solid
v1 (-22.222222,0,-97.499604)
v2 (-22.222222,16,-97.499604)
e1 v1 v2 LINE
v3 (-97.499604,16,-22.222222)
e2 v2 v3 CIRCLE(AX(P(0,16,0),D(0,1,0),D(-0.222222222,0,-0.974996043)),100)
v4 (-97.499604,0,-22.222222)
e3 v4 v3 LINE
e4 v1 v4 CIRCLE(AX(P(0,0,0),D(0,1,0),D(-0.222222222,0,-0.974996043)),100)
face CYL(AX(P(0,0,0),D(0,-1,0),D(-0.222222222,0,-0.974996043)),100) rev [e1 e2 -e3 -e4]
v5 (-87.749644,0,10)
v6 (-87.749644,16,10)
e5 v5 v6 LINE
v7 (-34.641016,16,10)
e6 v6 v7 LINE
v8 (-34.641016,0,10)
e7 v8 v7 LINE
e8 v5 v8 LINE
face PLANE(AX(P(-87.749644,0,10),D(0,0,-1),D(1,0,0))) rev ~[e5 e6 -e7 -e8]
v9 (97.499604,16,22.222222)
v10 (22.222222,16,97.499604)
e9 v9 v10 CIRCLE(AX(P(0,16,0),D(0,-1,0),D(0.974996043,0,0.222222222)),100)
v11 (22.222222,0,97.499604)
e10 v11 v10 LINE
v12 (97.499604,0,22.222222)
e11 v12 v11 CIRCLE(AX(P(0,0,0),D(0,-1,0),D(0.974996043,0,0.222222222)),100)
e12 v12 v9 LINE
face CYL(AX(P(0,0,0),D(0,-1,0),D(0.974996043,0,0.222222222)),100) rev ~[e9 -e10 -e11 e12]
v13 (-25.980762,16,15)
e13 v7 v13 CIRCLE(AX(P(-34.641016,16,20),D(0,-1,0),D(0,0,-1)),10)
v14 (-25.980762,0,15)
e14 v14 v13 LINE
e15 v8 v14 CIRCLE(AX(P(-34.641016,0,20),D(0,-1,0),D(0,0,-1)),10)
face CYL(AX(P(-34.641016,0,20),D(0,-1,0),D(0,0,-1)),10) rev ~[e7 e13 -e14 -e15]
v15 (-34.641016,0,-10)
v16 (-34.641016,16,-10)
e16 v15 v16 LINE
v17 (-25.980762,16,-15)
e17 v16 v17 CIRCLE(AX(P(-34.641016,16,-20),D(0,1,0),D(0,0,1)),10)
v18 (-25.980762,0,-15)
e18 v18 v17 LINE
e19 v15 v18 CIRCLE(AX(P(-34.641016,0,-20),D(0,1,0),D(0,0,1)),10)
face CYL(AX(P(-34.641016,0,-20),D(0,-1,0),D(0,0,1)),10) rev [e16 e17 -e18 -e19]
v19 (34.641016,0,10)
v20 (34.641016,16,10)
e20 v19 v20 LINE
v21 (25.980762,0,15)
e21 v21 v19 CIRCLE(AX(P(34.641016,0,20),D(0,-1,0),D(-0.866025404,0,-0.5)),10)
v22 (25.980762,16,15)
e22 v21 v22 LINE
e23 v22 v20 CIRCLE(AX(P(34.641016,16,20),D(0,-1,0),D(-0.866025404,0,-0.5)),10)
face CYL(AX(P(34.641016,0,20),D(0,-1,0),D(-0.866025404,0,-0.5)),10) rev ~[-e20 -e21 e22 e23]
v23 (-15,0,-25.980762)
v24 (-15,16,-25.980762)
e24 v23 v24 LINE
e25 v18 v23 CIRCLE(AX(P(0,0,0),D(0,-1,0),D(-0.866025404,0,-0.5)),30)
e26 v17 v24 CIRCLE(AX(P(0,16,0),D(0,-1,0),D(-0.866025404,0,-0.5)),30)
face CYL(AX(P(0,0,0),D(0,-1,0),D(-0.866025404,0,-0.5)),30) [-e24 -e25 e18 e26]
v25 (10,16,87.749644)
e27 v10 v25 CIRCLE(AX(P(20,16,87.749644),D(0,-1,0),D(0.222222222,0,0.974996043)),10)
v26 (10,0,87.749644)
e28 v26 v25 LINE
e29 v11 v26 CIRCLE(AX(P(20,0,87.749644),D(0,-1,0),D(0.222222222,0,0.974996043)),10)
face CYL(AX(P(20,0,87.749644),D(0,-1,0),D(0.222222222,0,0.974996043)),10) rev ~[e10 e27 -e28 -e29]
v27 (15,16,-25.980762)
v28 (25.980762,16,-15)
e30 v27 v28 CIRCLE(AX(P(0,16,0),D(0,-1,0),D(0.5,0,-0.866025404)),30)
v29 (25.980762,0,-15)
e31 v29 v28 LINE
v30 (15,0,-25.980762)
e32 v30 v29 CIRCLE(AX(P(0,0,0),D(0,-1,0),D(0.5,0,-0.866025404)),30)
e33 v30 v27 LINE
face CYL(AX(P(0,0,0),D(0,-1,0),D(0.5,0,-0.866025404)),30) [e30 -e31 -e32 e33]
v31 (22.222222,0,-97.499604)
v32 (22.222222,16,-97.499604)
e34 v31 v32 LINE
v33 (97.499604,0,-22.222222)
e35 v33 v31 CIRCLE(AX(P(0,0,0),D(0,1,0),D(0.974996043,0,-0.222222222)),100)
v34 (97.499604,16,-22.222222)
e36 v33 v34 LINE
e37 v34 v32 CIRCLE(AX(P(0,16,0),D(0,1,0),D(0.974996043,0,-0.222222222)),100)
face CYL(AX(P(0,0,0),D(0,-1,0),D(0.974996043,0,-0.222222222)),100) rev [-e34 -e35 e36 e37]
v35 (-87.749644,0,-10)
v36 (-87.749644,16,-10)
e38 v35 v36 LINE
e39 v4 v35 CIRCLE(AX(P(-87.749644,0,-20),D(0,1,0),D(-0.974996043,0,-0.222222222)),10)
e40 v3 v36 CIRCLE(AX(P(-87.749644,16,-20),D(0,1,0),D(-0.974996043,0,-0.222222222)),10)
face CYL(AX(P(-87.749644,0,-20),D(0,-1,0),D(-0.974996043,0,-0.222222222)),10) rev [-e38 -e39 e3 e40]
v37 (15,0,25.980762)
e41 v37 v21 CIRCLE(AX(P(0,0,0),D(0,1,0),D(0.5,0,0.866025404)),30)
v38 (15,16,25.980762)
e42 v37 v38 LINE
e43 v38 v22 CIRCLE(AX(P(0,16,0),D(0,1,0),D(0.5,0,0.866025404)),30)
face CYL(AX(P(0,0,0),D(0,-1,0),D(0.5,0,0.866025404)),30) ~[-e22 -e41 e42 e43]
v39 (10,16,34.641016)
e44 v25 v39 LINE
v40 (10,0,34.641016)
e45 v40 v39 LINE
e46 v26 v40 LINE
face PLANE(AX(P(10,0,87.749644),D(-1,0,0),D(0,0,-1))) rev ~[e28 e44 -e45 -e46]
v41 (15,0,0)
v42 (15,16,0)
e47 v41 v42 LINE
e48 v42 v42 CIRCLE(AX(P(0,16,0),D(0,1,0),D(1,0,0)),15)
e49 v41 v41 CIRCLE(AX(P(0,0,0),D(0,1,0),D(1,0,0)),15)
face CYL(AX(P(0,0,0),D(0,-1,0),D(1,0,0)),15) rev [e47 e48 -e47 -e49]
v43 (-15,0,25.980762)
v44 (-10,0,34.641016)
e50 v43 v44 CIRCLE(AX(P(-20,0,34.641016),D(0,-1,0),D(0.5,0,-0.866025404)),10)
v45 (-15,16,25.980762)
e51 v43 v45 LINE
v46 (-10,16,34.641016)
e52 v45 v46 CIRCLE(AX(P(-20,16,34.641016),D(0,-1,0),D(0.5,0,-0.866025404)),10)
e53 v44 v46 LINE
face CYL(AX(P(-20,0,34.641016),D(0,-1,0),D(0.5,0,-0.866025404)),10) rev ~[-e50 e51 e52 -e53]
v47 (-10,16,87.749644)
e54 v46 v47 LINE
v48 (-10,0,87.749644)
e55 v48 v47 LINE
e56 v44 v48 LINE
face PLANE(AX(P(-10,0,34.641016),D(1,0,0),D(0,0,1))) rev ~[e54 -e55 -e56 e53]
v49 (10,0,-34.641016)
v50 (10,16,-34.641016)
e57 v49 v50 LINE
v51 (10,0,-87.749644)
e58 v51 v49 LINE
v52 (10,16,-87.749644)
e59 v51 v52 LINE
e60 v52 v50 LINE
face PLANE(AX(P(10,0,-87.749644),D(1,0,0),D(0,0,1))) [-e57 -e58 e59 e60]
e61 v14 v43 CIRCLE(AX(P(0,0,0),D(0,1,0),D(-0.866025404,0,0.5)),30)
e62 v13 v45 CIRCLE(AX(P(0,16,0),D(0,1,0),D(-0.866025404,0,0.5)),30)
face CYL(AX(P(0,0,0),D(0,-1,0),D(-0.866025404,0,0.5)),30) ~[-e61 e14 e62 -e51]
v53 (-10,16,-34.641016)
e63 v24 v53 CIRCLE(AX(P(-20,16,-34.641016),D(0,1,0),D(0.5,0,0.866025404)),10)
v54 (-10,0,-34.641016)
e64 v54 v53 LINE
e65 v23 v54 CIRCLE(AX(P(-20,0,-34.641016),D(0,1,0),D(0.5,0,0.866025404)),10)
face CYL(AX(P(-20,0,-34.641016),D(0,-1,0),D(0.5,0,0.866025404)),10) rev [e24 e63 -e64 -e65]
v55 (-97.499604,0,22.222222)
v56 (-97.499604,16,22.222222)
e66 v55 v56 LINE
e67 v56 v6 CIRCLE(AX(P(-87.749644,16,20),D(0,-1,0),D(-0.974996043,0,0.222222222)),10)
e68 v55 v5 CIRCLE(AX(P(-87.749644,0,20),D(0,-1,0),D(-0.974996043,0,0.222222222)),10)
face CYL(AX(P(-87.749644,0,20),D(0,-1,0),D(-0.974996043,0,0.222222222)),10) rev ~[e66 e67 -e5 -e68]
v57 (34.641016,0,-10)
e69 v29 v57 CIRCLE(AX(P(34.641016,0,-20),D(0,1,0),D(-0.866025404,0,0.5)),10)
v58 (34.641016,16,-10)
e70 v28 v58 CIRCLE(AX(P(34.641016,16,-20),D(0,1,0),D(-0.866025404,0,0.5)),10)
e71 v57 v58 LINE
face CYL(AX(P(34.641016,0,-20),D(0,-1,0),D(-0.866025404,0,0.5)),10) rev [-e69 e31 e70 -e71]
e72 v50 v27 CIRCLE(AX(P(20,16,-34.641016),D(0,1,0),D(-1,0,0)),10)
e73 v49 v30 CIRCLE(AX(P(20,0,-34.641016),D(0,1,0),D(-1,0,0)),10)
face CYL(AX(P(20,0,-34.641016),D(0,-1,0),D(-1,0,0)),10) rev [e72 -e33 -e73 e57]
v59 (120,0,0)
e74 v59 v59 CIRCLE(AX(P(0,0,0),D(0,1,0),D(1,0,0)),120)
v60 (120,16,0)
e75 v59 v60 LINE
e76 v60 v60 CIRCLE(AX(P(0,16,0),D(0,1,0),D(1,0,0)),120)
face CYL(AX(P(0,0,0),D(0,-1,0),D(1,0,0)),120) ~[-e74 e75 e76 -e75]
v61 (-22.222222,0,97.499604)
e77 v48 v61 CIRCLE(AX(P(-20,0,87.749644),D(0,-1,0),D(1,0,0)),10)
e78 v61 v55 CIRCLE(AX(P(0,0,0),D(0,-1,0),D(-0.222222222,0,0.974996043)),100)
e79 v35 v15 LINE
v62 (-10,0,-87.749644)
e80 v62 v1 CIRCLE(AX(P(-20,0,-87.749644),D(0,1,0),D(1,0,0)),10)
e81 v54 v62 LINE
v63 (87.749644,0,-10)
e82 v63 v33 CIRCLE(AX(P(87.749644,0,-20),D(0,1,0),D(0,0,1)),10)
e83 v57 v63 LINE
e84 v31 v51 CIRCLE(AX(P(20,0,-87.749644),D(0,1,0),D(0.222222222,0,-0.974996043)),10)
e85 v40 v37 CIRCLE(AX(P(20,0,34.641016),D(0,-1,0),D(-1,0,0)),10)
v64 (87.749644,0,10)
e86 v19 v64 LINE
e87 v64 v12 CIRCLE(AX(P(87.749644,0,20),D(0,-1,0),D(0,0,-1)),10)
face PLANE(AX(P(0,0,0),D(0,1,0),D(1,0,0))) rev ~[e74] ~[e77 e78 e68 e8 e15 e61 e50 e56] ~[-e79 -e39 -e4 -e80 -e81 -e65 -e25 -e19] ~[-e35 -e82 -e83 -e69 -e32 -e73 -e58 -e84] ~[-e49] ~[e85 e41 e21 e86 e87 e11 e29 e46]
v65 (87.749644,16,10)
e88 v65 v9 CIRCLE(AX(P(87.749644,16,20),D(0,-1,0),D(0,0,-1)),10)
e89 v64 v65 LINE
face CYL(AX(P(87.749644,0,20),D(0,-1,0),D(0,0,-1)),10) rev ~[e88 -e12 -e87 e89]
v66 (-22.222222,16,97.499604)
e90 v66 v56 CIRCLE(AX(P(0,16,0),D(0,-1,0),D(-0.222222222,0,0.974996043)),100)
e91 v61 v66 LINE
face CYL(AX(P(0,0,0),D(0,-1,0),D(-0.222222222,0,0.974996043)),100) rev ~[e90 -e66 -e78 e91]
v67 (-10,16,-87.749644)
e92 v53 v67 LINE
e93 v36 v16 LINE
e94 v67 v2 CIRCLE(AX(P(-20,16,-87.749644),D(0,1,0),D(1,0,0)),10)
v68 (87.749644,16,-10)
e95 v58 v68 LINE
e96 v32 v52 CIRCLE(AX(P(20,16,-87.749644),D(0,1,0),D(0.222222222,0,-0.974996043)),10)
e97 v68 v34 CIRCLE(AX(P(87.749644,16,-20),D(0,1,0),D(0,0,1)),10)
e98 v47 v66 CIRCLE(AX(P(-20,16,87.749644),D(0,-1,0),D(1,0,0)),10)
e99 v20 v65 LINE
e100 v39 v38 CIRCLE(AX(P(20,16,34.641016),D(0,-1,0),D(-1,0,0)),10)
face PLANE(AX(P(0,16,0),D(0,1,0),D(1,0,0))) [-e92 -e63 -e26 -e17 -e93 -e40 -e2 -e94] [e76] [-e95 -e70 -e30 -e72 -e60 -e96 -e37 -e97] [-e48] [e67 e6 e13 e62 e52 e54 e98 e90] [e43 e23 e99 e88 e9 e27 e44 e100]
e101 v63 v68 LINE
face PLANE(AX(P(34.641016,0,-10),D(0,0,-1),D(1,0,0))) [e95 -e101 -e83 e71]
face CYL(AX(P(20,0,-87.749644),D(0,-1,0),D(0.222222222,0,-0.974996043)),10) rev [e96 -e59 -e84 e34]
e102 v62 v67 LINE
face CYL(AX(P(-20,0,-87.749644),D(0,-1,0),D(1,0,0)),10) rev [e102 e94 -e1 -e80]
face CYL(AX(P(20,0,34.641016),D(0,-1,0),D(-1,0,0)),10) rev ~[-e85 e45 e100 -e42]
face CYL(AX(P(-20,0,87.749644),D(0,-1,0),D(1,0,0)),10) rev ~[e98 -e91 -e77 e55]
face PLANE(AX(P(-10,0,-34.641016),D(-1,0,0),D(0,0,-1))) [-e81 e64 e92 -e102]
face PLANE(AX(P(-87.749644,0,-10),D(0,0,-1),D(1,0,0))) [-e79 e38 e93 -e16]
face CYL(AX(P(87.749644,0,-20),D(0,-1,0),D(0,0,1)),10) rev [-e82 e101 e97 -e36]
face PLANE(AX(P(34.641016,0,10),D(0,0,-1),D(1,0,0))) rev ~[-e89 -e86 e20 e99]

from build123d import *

# Parameters (mm, degrees)
SKETCH1_R           = 120
SKETCH1_R_2         = 15
BOSS_EXTRUDE1_DEPTH = 16


with BuildPart() as part:
    # Sketch1 → Boss-Extrude1 (new body)
    with BuildSketch(Plane(origin=(0, 0, 0), x_dir=(1, 0, 0), z_dir=(0, 1, 0))):
        Circle(SKETCH1_R)
        Circle(SKETCH1_R_2, mode=Mode.SUBTRACT)
        with BuildLine():
            Line((34.641016151, 10), (87.749643874, 10))
            ThreePointArc((87.749643874, 10), (95.567003474, 13.763904355), (97.499604304, 22.222222222))
            ThreePointArc((97.499604304, 22.222222222), (70.710678119, 70.710678119), (22.222222222, 97.499604304))
            ThreePointArc((22.222222222, 97.499604304), (13.763904355, 95.567003474), (10, 87.749643874))
            Line((10, 87.749643874), (10, 34.641016151))
            ThreePointArc((10, 34.641016151), (11.339745962, 29.641016151), (15, 25.980762114))
            ThreePointArc((15, 25.980762114), (21.213203436, 21.213203436), (25.980762114, 15))
            ThreePointArc((25.980762114, 15), (29.641016151, 11.339745962), (34.641016151, 10))
        make_face(mode=Mode.SUBTRACT)
        with BuildLine():
            Line((-10, 34.641016151), (-10, 87.749643874))
            ThreePointArc((-10, 87.749643874), (-13.763904355, 95.567003474), (-22.222222222, 97.499604304))
            ThreePointArc((-22.222222222, 97.499604304), (-70.710678119, 70.710678119), (-97.499604304, 22.222222222))
            ThreePointArc((-97.499604304, 22.222222222), (-95.567003474, 13.763904355), (-87.749643874, 10))
            Line((-87.749643874, 10), (-34.641016151, 10))
            ThreePointArc((-34.641016151, 10), (-29.641016151, 11.339745962), (-25.980762114, 15))
            ThreePointArc((-25.980762114, 15), (-21.213203436, 21.213203436), (-15, 25.980762114))
            ThreePointArc((-15, 25.980762114), (-11.339745962, 29.641016151), (-10, 34.641016151))
        make_face(mode=Mode.SUBTRACT)
        with BuildLine():
            Line((34.641016151, -10), (87.749643874, -10))
            ThreePointArc((87.749643874, -10), (95.567003474, -13.763904355), (97.499604304, -22.222222222))
            ThreePointArc((97.499604304, -22.222222222), (70.710678119, -70.710678119), (22.222222222, -97.499604304))
            ThreePointArc((22.222222222, -97.499604304), (13.763904355, -95.567003474), (10, -87.749643874))
            Line((10, -87.749643874), (10, -34.641016151))
            ThreePointArc((10, -34.641016151), (11.339745962, -29.641016151), (15, -25.980762114))
            ThreePointArc((15, -25.980762114), (21.213203436, -21.213203436), (25.980762114, -15))
            ThreePointArc((25.980762114, -15), (29.641016151, -11.339745962), (34.641016151, -10))
        make_face(mode=Mode.SUBTRACT)
        with BuildLine():
            Line((-10, -34.641016151), (-10, -87.749643874))
            ThreePointArc((-10, -87.749643874), (-13.763904355, -95.567003474), (-22.222222222, -97.499604304))
            ThreePointArc((-22.222222222, -97.499604304), (-70.710678119, -70.710678119), (-97.499604304, -22.222222222))
            ThreePointArc((-97.499604304, -22.222222222), (-95.567003474, -13.763904355), (-87.749643874, -10))
            Line((-87.749643874, -10), (-34.641016151, -10))
            ThreePointArc((-34.641016151, -10), (-29.641016151, -11.339745962), (-25.980762114, -15))
            ThreePointArc((-25.980762114, -15), (-21.213203436, -21.213203436), (-15, -25.980762114))
            ThreePointArc((-15, -25.980762114), (-11.339745962, -29.641016151), (-10, -34.641016151))
        make_face(mode=Mode.SUBTRACT)
    extrude(amount=BOSS_EXTRUDE1_DEPTH)


solid = part.part
